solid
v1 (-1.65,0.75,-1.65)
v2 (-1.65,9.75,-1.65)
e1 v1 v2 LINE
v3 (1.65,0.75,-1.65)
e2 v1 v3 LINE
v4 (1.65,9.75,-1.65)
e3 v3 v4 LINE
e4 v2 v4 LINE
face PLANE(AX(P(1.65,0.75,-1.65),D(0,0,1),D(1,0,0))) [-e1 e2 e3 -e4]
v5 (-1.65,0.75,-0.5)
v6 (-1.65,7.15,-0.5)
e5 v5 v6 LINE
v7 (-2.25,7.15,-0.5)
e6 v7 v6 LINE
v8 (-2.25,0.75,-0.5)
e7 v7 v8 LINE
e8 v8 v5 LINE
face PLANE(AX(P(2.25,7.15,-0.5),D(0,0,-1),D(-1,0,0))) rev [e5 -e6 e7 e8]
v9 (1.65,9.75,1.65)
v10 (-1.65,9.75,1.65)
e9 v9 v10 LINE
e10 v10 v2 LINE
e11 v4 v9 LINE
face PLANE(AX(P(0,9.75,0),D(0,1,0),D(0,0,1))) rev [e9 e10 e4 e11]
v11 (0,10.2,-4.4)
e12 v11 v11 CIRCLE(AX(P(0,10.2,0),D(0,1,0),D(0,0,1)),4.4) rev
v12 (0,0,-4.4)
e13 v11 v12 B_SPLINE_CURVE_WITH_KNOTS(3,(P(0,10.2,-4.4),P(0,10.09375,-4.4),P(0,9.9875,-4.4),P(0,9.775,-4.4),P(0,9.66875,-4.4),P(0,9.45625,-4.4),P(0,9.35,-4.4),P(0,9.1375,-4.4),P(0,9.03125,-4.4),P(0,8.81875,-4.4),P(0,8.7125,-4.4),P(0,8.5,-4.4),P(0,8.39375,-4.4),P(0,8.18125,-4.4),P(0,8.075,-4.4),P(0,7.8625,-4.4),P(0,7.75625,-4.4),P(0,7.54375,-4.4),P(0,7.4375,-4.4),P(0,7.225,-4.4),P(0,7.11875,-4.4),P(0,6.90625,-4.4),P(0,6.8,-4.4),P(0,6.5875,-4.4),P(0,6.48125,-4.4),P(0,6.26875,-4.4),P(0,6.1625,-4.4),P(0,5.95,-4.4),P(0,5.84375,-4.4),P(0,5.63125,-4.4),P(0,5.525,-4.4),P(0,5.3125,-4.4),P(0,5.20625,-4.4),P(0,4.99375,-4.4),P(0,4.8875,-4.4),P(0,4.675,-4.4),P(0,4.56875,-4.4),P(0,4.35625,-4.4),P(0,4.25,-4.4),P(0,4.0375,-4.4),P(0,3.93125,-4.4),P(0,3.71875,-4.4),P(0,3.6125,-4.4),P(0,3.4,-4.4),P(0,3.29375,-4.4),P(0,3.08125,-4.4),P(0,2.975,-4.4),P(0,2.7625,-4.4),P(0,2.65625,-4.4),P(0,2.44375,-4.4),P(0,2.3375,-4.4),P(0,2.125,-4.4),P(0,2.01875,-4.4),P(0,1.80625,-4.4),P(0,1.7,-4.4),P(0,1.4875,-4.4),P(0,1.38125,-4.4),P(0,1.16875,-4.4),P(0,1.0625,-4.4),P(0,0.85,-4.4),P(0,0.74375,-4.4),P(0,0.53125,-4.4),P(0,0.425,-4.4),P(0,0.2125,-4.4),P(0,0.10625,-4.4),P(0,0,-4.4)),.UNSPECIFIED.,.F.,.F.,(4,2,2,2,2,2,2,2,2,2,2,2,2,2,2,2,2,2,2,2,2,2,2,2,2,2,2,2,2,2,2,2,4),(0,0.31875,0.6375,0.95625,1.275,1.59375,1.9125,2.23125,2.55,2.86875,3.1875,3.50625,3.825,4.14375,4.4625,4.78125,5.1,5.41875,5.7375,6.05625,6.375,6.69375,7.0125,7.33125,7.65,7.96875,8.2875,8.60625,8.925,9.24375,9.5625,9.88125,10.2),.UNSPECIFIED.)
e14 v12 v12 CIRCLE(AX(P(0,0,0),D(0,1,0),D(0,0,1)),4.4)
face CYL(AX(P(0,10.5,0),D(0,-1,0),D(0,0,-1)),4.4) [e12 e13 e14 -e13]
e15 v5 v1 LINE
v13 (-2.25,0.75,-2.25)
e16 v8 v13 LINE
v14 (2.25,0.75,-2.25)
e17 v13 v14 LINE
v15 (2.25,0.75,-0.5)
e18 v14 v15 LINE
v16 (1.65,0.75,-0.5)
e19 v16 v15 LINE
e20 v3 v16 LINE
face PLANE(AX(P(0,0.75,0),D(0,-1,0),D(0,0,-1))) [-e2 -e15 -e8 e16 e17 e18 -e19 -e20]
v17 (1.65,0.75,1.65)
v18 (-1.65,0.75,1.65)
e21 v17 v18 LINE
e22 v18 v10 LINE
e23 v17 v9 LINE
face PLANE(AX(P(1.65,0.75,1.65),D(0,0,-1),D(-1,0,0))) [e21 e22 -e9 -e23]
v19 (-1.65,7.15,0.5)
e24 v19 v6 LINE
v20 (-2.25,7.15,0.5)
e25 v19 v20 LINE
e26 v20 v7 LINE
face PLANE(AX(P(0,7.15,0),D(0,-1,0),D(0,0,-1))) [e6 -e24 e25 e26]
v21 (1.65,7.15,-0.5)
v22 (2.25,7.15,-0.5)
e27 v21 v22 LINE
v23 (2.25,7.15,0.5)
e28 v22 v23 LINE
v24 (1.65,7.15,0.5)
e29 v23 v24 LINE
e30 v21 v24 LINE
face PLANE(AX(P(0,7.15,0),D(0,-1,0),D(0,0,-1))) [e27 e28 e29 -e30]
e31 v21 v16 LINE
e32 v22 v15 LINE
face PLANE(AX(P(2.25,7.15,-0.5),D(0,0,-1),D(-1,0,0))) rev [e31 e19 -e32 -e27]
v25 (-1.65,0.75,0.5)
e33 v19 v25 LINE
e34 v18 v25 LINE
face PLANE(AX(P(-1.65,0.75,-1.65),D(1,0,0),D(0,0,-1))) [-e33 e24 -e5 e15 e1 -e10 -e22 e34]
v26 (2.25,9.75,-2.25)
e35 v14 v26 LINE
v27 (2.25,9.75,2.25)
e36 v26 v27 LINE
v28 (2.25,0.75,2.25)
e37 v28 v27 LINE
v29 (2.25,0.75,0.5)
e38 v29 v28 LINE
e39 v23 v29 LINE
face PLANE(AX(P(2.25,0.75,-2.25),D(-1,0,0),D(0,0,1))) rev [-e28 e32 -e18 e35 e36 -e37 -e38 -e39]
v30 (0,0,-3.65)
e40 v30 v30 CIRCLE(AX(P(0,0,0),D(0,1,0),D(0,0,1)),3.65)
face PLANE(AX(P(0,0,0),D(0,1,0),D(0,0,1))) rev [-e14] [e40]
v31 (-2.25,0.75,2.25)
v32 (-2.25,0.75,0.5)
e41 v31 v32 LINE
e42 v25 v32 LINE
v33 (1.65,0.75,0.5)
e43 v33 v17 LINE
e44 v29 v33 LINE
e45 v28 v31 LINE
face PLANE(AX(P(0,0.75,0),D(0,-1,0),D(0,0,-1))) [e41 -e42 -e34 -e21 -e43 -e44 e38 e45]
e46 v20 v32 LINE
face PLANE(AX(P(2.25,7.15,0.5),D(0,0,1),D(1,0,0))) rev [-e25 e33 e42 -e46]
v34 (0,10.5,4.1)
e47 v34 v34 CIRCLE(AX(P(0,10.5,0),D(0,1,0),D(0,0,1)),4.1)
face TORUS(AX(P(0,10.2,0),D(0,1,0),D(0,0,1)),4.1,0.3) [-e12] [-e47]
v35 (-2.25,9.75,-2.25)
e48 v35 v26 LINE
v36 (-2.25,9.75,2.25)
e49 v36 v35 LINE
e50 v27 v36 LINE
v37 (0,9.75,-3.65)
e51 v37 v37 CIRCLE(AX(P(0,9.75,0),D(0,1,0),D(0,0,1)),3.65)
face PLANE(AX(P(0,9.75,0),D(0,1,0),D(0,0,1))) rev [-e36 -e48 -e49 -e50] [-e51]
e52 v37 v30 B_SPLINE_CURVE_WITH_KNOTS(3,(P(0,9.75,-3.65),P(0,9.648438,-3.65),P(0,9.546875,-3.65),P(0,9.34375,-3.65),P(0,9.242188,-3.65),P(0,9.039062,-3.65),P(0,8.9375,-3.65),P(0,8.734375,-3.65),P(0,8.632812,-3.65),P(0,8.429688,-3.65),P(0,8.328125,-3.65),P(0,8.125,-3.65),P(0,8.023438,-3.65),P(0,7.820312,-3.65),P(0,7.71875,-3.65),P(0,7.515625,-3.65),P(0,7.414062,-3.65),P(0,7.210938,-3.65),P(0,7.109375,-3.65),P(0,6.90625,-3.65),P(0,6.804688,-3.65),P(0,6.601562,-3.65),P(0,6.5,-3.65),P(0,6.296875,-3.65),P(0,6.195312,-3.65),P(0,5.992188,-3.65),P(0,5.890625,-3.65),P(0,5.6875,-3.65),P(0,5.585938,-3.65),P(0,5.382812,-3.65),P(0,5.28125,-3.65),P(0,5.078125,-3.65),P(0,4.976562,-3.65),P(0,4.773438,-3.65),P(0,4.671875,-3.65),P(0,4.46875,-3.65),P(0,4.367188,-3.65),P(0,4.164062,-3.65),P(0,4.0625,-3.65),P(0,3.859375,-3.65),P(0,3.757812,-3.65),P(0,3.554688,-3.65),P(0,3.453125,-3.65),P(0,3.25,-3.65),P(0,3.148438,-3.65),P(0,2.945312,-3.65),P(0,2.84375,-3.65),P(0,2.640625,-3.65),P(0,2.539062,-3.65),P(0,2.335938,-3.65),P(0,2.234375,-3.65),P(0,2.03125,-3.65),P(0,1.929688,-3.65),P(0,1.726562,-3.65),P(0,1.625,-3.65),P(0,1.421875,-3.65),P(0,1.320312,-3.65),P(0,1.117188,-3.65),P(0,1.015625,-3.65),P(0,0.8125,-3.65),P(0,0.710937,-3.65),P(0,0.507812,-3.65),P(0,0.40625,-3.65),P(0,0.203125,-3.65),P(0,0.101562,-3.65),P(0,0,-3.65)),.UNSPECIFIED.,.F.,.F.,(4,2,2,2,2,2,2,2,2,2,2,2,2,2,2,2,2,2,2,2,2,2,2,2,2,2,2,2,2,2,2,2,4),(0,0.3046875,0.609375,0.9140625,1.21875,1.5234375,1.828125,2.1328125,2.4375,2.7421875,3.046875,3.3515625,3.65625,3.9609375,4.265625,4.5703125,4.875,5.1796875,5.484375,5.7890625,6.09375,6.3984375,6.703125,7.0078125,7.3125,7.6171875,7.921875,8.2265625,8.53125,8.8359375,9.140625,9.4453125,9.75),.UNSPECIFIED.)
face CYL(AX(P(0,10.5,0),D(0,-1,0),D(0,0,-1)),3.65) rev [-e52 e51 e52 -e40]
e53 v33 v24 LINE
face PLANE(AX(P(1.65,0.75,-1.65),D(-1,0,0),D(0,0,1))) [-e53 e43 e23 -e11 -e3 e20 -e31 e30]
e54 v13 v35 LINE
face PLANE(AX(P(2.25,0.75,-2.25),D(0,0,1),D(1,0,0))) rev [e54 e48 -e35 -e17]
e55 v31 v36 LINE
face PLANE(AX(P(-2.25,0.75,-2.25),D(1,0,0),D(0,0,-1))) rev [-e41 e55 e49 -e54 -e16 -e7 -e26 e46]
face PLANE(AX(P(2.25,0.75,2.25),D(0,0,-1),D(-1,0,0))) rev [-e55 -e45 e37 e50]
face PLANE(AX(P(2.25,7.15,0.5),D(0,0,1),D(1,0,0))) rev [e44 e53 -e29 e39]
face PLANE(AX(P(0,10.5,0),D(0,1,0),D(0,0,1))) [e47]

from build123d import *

# Parameters (mm, degrees)
SKETCH1_R           = 4.4
BOSS_EXTRUDE1_DEPTH = 10.5
SHELL1_T            = -0.75
SKETCH3_W           = 4.5
SKETCH3_H           = 4.5
SKETCH3_W_2         = 3.3
SKETCH3_H_2         = 3.3
BOSS_EXTRUDE2_DEPTH = 9
SKETCH5_W           = 4.5
SKETCH5_H           = 1
CUT_EXTRUDE1_DEPTH  = 6.4
FILLET1_R           = 0.3


with BuildPart() as part:
    # Sketch1 → Boss-Extrude1 (new body)
    with BuildSketch(Plane(origin=(0, 0, 0), x_dir=(1, 0, 0), z_dir=(0, 1, 0))):
        with Locations(Location((0, 0, 0), (0, 0, 90))):
            Circle(SKETCH1_R)
    extrude(amount=BOSS_EXTRUDE1_DEPTH)

    # Shell1
    shell1_openings = [part.faces().sort_by_distance(p)[0] for p in [
        (0, 0, 0),
    ]]
    offset(amount=SHELL1_T, openings=shell1_openings, kind=Kind.INTERSECTION)

    # Sketch3 → Boss-Extrude2 (add)
    with BuildSketch(Plane.XZ.offset(-9.75)):
        Rectangle(SKETCH3_W, SKETCH3_H)
        Rectangle(SKETCH3_W_2, SKETCH3_H_2, mode=Mode.SUBTRACT)
    extrude(amount=BOSS_EXTRUDE2_DEPTH)

    # Sketch5 → Cut-Extrude1 (cut)
    with BuildSketch(Plane(origin=(0, 0.75, 0), x_dir=(-1, 0, 0), z_dir=(0, -1, 0))):
        Rectangle(SKETCH5_W, SKETCH5_H)
    extrude(amount=-CUT_EXTRUDE1_DEPTH, mode=Mode.SUBTRACT)

    # Fillet1
    fillet1_edges = [part.edges().sort_by_distance(p)[0] for p in [
        (0, 10.5, 4.4),
    ]]
    fillet(fillet1_edges, radius=FILLET1_R)


solid = part.part
